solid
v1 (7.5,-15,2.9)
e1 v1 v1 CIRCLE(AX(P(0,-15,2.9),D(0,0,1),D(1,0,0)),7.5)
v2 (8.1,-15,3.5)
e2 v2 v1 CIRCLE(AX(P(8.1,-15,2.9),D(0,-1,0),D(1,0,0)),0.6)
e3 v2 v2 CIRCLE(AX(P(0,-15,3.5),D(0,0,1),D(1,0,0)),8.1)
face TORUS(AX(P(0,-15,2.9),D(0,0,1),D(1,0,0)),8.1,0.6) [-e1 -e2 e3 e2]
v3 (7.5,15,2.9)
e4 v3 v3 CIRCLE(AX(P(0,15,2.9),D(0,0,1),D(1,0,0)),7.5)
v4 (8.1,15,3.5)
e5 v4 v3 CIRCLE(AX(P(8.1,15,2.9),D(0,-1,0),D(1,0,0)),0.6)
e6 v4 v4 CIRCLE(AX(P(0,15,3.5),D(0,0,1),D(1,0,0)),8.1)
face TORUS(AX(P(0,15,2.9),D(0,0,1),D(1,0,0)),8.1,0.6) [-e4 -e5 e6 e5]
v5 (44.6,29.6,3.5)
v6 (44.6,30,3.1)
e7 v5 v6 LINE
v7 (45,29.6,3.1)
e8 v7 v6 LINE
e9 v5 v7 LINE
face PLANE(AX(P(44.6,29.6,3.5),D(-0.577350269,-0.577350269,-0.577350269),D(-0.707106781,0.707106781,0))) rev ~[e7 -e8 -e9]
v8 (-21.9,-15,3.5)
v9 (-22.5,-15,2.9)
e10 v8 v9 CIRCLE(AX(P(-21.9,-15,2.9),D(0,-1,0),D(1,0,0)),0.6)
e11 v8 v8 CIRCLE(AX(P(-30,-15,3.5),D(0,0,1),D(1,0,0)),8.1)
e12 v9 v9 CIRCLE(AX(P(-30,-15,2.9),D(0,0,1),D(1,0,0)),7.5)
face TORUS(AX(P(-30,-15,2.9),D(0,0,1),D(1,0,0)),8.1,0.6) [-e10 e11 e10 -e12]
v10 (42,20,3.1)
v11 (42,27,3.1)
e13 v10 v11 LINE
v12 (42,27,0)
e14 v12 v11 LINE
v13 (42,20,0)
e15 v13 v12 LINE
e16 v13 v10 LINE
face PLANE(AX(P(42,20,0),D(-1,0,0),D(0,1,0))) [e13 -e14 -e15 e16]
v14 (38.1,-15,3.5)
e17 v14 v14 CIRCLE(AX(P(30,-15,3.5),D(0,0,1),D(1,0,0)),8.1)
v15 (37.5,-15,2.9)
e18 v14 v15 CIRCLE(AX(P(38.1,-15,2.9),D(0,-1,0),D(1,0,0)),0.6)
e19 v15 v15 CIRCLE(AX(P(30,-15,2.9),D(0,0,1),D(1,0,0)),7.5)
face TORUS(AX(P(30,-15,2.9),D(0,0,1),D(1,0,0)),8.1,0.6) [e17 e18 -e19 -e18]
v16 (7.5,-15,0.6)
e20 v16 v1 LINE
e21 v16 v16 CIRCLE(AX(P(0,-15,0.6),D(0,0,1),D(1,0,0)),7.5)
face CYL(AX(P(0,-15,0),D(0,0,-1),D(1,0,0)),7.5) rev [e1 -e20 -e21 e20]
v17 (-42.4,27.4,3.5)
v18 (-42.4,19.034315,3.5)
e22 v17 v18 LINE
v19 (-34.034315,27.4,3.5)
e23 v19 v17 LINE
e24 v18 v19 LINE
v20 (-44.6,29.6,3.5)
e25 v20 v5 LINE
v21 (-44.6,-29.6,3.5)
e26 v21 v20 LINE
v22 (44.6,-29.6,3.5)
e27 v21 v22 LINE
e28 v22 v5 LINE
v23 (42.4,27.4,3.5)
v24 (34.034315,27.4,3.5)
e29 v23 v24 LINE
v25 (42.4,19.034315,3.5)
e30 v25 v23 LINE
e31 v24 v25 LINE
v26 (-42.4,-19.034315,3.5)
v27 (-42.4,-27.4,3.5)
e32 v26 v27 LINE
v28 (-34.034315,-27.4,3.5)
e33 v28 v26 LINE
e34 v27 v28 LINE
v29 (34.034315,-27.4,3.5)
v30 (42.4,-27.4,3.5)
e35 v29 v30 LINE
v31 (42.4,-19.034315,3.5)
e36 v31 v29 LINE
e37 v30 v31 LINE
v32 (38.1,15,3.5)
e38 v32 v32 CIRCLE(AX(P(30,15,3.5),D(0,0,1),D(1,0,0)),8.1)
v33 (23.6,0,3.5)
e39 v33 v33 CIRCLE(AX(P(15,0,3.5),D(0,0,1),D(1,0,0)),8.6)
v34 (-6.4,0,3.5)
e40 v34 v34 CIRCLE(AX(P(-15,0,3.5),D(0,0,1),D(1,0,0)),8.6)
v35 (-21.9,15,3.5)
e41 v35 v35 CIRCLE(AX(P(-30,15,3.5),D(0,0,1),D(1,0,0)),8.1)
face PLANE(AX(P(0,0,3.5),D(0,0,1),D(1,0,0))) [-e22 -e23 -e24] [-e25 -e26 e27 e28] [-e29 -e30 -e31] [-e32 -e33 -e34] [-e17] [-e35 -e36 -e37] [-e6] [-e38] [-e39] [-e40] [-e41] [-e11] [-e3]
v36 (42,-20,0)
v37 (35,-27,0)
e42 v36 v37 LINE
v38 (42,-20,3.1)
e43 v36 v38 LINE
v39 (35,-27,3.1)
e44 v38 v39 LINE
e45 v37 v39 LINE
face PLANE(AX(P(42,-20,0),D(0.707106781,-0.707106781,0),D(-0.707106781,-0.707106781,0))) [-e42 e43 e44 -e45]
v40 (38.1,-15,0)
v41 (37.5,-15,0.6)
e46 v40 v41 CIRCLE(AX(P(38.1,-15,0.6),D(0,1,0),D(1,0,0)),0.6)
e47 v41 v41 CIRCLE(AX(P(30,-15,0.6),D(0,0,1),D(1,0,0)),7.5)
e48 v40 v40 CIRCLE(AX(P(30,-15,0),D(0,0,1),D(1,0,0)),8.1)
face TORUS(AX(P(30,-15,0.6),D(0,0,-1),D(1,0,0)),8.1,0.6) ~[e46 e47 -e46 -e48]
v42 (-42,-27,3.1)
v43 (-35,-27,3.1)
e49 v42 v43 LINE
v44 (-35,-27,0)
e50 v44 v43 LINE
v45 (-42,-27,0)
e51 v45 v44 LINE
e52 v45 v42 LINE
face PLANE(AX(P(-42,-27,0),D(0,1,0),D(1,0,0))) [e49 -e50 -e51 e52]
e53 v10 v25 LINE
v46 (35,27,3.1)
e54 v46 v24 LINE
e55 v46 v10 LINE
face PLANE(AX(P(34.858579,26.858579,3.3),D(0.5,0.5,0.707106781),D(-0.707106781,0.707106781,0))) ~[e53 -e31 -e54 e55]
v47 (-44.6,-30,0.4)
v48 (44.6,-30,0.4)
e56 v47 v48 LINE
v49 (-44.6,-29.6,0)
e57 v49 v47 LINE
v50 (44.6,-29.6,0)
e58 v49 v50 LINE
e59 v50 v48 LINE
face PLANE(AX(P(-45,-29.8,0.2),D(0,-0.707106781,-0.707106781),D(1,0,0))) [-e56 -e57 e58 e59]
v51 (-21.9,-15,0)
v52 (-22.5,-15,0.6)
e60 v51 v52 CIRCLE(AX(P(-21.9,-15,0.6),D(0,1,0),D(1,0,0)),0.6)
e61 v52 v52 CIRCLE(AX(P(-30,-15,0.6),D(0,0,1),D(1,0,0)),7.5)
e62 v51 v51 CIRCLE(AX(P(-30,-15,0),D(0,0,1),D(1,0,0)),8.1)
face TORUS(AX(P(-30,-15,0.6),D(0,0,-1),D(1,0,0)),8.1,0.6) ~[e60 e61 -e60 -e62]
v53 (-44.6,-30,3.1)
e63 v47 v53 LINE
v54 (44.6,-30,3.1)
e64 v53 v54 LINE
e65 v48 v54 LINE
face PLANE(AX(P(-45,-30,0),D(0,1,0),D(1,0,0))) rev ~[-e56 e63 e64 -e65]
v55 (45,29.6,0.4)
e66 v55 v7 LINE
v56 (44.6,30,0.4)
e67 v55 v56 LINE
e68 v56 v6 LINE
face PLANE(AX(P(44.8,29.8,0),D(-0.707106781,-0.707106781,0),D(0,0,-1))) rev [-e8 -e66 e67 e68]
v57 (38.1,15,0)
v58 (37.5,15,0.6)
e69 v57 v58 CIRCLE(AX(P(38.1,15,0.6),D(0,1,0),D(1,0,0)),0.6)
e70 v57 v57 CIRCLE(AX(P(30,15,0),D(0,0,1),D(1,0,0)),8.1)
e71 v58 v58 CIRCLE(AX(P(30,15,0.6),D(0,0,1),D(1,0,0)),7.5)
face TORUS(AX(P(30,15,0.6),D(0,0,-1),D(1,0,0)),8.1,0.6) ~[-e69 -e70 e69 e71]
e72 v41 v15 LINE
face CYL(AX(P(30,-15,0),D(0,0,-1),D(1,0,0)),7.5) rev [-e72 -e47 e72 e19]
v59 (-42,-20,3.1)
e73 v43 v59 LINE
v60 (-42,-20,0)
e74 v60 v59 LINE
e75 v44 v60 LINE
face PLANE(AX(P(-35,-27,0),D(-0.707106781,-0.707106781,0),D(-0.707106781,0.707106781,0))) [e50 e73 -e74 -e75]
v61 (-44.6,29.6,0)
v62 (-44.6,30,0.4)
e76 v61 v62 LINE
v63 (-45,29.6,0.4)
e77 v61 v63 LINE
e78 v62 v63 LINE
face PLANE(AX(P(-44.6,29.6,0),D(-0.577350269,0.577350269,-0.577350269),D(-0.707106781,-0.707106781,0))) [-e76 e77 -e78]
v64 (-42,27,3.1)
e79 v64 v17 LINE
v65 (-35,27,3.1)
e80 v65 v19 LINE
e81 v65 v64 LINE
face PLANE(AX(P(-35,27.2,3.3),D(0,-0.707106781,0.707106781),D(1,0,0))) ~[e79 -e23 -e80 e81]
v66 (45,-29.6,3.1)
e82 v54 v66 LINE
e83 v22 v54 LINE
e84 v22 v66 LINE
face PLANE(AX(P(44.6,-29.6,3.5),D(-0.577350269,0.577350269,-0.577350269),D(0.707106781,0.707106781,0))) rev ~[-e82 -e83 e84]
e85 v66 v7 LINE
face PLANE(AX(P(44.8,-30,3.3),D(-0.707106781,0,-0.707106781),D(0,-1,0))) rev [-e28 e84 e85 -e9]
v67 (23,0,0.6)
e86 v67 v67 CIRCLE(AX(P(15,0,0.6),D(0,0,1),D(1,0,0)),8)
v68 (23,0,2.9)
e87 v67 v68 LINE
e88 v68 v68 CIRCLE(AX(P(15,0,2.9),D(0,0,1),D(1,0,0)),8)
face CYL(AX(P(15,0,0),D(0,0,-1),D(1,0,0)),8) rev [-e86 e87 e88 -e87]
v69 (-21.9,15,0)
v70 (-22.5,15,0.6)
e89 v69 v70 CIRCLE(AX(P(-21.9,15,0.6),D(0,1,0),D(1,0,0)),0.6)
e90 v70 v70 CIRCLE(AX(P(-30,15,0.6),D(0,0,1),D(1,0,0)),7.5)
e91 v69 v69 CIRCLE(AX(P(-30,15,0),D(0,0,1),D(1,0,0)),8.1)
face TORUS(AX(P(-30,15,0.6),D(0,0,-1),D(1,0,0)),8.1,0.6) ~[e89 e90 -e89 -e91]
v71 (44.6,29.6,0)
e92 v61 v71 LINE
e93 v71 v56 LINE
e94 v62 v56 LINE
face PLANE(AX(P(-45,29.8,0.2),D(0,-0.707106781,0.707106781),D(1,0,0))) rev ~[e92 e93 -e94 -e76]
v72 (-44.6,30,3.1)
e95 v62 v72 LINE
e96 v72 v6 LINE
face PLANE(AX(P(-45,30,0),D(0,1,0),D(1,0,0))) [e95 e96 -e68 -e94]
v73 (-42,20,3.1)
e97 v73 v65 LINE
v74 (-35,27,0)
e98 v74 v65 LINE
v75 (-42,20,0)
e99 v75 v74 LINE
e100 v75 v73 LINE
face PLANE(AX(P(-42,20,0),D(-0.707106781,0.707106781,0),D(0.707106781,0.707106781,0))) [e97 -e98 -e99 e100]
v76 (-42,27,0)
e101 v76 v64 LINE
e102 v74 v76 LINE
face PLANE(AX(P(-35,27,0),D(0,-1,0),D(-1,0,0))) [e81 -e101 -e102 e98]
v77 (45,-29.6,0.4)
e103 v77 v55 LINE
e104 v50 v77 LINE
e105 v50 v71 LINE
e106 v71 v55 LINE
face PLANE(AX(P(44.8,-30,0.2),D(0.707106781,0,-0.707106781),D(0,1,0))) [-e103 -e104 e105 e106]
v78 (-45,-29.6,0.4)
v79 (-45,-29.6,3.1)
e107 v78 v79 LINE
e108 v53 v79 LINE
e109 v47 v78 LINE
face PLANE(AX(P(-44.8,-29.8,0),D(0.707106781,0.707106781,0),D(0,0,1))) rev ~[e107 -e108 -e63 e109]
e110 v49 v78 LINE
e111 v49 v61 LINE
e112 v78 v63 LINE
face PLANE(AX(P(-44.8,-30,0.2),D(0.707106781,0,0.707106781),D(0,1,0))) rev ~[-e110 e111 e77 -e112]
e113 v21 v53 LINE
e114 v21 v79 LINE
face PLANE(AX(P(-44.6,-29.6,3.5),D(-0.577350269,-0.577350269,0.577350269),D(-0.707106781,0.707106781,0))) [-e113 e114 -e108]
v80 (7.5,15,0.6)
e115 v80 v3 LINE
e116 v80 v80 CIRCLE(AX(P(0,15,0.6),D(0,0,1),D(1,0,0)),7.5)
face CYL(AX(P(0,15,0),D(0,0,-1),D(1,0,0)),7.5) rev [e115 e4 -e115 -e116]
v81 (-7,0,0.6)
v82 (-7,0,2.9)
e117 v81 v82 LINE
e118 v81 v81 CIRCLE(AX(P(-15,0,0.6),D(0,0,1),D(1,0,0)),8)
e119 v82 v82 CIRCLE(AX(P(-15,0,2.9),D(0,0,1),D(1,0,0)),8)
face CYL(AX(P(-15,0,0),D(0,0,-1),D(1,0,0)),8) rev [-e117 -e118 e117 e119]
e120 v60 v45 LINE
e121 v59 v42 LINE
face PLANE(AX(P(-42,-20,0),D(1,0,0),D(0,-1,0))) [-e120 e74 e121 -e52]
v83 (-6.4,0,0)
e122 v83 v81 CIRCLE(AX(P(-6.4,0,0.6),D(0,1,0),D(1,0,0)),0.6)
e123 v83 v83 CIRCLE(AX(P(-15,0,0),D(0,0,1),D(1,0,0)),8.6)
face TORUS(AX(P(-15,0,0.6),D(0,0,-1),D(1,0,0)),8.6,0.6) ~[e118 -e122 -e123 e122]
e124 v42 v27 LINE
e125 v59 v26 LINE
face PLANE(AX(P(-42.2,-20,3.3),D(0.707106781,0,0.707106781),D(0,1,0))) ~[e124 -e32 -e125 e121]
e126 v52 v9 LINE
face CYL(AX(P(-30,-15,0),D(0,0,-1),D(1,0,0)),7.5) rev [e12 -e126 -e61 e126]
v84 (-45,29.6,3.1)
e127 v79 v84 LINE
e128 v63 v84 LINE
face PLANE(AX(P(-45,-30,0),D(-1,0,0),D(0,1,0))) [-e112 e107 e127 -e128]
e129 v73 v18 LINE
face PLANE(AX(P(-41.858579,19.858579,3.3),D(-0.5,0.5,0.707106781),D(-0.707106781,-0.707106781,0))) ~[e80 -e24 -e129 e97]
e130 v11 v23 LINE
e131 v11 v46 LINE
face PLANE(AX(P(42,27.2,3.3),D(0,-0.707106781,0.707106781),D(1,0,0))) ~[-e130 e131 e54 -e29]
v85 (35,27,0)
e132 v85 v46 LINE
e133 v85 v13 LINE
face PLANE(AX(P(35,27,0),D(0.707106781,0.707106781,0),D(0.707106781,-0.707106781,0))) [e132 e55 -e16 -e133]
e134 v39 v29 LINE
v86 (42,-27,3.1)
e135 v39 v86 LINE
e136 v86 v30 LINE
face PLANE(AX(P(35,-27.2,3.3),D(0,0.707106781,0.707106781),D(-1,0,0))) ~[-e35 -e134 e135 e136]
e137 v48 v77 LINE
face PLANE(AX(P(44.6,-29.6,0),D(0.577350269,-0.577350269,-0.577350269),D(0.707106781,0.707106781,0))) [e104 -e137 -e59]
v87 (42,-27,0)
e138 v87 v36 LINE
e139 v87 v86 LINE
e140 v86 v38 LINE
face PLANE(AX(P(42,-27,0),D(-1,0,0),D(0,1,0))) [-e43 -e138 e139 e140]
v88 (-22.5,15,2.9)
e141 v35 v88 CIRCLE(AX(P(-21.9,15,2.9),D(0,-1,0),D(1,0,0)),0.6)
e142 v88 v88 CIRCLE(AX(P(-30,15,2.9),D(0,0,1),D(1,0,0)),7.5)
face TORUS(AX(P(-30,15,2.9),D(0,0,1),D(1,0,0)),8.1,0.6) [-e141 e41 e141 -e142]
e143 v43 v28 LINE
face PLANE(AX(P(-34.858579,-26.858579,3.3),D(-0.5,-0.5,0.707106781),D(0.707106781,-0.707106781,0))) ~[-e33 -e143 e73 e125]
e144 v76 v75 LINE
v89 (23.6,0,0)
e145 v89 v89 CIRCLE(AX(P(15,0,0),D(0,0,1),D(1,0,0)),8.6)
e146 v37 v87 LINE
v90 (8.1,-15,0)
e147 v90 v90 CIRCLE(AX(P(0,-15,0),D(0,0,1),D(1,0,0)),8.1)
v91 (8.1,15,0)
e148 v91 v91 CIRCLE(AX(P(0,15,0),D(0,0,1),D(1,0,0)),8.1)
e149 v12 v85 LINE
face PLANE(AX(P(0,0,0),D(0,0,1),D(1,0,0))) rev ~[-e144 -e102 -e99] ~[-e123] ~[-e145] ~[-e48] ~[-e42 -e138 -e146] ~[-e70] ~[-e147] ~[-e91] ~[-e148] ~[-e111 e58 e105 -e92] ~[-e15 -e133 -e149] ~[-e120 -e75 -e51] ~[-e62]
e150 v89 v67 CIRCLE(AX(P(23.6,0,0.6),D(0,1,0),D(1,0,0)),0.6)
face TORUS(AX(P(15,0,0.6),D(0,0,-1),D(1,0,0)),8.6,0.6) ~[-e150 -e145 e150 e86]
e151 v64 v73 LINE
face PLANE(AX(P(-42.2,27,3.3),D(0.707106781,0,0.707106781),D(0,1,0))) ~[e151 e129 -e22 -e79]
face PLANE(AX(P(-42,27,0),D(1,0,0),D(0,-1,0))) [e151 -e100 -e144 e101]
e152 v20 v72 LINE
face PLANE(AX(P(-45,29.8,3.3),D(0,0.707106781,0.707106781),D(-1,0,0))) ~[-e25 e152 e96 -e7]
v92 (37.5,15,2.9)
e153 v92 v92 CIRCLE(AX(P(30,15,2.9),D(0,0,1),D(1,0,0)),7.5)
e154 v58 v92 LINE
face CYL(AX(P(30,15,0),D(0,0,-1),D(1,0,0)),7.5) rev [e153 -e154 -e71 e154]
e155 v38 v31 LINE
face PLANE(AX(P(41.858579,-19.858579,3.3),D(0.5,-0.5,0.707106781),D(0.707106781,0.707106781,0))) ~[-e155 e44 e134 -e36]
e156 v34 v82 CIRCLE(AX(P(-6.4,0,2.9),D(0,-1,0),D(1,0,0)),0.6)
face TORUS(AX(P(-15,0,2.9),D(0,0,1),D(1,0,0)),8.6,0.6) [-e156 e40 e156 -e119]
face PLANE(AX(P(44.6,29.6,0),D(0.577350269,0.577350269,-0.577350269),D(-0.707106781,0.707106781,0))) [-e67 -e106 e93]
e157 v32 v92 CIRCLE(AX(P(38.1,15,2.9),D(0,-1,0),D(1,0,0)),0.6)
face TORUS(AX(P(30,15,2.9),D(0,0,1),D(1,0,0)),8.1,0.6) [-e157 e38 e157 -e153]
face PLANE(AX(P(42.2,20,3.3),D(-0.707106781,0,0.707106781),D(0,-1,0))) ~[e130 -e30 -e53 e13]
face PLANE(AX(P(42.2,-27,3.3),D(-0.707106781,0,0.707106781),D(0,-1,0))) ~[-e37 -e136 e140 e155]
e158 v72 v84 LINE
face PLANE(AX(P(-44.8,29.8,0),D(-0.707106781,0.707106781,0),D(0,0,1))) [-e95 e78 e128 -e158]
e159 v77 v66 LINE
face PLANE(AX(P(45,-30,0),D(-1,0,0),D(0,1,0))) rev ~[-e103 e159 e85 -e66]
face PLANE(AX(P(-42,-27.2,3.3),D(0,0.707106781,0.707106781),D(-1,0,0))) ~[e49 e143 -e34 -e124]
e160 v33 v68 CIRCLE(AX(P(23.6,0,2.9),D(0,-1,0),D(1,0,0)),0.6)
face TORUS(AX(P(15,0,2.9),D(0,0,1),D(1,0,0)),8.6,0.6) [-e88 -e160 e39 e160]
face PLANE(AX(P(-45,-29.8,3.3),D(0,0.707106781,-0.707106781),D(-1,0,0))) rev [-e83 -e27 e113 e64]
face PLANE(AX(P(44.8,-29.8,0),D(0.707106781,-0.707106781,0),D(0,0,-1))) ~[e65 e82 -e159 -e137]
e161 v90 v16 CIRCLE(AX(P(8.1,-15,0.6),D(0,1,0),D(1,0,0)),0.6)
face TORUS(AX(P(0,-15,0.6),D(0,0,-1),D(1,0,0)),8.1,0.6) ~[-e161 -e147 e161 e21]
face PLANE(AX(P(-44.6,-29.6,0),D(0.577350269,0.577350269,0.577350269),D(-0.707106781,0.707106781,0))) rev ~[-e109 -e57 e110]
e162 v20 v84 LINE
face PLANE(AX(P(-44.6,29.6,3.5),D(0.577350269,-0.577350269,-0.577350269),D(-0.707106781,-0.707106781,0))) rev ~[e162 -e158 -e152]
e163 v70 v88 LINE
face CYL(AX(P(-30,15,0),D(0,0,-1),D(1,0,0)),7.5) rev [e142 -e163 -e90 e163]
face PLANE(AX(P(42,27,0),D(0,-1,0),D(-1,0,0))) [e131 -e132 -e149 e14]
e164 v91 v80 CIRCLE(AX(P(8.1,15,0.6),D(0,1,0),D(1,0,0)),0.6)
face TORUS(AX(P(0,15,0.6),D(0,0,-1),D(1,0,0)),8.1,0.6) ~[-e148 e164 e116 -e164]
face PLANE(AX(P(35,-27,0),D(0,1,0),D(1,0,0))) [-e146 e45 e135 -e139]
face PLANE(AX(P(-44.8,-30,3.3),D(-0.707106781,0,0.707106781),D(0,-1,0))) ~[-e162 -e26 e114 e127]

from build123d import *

# Parameters (mm, degrees)
F0_W     = 90
F0_H     = 60
F1_DEPTH = 3.5
F2_R     = 7.5
F2_R_2   = 8
F3_DEPTH = 3.5
F5_DEPTH = 3.5
F6_R     = 0.6
F7_SIZE  = 0.4


with BuildPart() as f1:
    # F0 (on Top) → F1 (new body)
    with BuildSketch(Plane.XY):
        Rectangle(F0_W, F0_H)
    extrude(amount=F1_DEPTH)

    # F2 (on Top) → F3 (cut, through all)
    with BuildSketch(Plane.XY):
        with Locations((0, 15)):
            Circle(F2_R)
        with Locations((30, 15)):
            Circle(F2_R)
        with Locations((15, 0)):
            Circle(F2_R_2)
        with Locations((-30, 15)):
            Circle(F2_R)
        with Locations((30, -15)):
            Circle(F2_R)
        with Locations((0, -15)):
            Circle(F2_R)
        with Locations((-30, -15)):
            Circle(F2_R)
        with Locations((-15, 0)):
            Circle(F2_R_2)
    extrude(amount=F3_DEPTH, mode=Mode.SUBTRACT)

    # F4 (on Top) → F5 (cut, through all)
    with BuildSketch(Plane.XY):
        Polygon((-35, 27), (-42, 27), (-42, 20), align=None)
        Polygon((35, 27), (42, 20), (42, 27), align=None)
        Polygon((-35, -27), (-42, -20), (-42, -27), align=None)
        Polygon((42, -27), (42, -20), (35, -27), align=None)
    extrude(amount=F5_DEPTH, mode=Mode.SUBTRACT)

    # F6
    f6_edges = [f1.edges().sort_by_distance(p)[0] for p in [
        (-22.5, 15, 1.75),
        (-37.5, 15, 0),
        (-37.5, 15, 3.5),
        (7.5, 15, 1.75),
        (-7.5, 15, 0),
        (-7.5, 15, 3.5),
        (37.5, 15, 1.75),
        (22.5, 15, 0),
        (22.5, 15, 3.5),
        (-7, 0, 1.75),
        (-23, 0, 0),
        (-23, 0, 3.5),
        (-22.5, -15, 1.75),
        (-37.5, -15, 0),
        (-37.5, -15, 3.5),
        (7.5, -15, 1.75),
        (-7.5, -15, 0),
        (-7.5, -15, 3.5),
        (37.5, -15, 1.75),
        (22.5, -15, 0),
        (22.5, -15, 3.5),
        (23, 0, 1.75),
        (7, 0, 0),
        (7, 0, 3.5),
    ]]
    fillet(f6_edges, radius=F6_R)

    # F7
    f7_edges = [f1.edges().sort_by_distance(p)[0] for p in [
        (-45, -30, 1.75),
        (45, -30, 1.75),
        (0, -30, 0),
        (0, -30, 3.5),
        (45, 30, 1.75),
        (45, 0, 0),
        (45, 0, 3.5),
        (-45, 30, 1.75),
        (0, 30, 0),
        (0, 30, 3.5),
        (-45, 0, 0),
        (-45, 0, 3.5),
        (-38.1, 15, 3.5),
        (-38.5, -23.5, 3.5),
        (-42, -23.5, 3.5),
        (-38.5, -27, 3.5),
        (42, -23.5, 3.5),
        (38.5, -23.5, 3.5),
        (38.5, -27, 3.5),
        (-38.5, 27, 3.5),
        (-42, 23.5, 3.5),
        (-38.5, 23.5, 3.5),
        (38.5, 23.5, 3.5),
        (42, 23.5, 3.5),
        (38.5, 27, 3.5),
        (-8.1, 15, 3.5),
        (21.9, 15, 3.5),
        (-23.6, 0, 3.5),
        (-38.1, -15, 3.5),
        (-8.1, -15, 3.5),
        (21.9, -15, 3.5),
        (6.4, 0, 3.5),
    ]]
    chamfer(f7_edges, length=F7_SIZE)


solid = f1.part
